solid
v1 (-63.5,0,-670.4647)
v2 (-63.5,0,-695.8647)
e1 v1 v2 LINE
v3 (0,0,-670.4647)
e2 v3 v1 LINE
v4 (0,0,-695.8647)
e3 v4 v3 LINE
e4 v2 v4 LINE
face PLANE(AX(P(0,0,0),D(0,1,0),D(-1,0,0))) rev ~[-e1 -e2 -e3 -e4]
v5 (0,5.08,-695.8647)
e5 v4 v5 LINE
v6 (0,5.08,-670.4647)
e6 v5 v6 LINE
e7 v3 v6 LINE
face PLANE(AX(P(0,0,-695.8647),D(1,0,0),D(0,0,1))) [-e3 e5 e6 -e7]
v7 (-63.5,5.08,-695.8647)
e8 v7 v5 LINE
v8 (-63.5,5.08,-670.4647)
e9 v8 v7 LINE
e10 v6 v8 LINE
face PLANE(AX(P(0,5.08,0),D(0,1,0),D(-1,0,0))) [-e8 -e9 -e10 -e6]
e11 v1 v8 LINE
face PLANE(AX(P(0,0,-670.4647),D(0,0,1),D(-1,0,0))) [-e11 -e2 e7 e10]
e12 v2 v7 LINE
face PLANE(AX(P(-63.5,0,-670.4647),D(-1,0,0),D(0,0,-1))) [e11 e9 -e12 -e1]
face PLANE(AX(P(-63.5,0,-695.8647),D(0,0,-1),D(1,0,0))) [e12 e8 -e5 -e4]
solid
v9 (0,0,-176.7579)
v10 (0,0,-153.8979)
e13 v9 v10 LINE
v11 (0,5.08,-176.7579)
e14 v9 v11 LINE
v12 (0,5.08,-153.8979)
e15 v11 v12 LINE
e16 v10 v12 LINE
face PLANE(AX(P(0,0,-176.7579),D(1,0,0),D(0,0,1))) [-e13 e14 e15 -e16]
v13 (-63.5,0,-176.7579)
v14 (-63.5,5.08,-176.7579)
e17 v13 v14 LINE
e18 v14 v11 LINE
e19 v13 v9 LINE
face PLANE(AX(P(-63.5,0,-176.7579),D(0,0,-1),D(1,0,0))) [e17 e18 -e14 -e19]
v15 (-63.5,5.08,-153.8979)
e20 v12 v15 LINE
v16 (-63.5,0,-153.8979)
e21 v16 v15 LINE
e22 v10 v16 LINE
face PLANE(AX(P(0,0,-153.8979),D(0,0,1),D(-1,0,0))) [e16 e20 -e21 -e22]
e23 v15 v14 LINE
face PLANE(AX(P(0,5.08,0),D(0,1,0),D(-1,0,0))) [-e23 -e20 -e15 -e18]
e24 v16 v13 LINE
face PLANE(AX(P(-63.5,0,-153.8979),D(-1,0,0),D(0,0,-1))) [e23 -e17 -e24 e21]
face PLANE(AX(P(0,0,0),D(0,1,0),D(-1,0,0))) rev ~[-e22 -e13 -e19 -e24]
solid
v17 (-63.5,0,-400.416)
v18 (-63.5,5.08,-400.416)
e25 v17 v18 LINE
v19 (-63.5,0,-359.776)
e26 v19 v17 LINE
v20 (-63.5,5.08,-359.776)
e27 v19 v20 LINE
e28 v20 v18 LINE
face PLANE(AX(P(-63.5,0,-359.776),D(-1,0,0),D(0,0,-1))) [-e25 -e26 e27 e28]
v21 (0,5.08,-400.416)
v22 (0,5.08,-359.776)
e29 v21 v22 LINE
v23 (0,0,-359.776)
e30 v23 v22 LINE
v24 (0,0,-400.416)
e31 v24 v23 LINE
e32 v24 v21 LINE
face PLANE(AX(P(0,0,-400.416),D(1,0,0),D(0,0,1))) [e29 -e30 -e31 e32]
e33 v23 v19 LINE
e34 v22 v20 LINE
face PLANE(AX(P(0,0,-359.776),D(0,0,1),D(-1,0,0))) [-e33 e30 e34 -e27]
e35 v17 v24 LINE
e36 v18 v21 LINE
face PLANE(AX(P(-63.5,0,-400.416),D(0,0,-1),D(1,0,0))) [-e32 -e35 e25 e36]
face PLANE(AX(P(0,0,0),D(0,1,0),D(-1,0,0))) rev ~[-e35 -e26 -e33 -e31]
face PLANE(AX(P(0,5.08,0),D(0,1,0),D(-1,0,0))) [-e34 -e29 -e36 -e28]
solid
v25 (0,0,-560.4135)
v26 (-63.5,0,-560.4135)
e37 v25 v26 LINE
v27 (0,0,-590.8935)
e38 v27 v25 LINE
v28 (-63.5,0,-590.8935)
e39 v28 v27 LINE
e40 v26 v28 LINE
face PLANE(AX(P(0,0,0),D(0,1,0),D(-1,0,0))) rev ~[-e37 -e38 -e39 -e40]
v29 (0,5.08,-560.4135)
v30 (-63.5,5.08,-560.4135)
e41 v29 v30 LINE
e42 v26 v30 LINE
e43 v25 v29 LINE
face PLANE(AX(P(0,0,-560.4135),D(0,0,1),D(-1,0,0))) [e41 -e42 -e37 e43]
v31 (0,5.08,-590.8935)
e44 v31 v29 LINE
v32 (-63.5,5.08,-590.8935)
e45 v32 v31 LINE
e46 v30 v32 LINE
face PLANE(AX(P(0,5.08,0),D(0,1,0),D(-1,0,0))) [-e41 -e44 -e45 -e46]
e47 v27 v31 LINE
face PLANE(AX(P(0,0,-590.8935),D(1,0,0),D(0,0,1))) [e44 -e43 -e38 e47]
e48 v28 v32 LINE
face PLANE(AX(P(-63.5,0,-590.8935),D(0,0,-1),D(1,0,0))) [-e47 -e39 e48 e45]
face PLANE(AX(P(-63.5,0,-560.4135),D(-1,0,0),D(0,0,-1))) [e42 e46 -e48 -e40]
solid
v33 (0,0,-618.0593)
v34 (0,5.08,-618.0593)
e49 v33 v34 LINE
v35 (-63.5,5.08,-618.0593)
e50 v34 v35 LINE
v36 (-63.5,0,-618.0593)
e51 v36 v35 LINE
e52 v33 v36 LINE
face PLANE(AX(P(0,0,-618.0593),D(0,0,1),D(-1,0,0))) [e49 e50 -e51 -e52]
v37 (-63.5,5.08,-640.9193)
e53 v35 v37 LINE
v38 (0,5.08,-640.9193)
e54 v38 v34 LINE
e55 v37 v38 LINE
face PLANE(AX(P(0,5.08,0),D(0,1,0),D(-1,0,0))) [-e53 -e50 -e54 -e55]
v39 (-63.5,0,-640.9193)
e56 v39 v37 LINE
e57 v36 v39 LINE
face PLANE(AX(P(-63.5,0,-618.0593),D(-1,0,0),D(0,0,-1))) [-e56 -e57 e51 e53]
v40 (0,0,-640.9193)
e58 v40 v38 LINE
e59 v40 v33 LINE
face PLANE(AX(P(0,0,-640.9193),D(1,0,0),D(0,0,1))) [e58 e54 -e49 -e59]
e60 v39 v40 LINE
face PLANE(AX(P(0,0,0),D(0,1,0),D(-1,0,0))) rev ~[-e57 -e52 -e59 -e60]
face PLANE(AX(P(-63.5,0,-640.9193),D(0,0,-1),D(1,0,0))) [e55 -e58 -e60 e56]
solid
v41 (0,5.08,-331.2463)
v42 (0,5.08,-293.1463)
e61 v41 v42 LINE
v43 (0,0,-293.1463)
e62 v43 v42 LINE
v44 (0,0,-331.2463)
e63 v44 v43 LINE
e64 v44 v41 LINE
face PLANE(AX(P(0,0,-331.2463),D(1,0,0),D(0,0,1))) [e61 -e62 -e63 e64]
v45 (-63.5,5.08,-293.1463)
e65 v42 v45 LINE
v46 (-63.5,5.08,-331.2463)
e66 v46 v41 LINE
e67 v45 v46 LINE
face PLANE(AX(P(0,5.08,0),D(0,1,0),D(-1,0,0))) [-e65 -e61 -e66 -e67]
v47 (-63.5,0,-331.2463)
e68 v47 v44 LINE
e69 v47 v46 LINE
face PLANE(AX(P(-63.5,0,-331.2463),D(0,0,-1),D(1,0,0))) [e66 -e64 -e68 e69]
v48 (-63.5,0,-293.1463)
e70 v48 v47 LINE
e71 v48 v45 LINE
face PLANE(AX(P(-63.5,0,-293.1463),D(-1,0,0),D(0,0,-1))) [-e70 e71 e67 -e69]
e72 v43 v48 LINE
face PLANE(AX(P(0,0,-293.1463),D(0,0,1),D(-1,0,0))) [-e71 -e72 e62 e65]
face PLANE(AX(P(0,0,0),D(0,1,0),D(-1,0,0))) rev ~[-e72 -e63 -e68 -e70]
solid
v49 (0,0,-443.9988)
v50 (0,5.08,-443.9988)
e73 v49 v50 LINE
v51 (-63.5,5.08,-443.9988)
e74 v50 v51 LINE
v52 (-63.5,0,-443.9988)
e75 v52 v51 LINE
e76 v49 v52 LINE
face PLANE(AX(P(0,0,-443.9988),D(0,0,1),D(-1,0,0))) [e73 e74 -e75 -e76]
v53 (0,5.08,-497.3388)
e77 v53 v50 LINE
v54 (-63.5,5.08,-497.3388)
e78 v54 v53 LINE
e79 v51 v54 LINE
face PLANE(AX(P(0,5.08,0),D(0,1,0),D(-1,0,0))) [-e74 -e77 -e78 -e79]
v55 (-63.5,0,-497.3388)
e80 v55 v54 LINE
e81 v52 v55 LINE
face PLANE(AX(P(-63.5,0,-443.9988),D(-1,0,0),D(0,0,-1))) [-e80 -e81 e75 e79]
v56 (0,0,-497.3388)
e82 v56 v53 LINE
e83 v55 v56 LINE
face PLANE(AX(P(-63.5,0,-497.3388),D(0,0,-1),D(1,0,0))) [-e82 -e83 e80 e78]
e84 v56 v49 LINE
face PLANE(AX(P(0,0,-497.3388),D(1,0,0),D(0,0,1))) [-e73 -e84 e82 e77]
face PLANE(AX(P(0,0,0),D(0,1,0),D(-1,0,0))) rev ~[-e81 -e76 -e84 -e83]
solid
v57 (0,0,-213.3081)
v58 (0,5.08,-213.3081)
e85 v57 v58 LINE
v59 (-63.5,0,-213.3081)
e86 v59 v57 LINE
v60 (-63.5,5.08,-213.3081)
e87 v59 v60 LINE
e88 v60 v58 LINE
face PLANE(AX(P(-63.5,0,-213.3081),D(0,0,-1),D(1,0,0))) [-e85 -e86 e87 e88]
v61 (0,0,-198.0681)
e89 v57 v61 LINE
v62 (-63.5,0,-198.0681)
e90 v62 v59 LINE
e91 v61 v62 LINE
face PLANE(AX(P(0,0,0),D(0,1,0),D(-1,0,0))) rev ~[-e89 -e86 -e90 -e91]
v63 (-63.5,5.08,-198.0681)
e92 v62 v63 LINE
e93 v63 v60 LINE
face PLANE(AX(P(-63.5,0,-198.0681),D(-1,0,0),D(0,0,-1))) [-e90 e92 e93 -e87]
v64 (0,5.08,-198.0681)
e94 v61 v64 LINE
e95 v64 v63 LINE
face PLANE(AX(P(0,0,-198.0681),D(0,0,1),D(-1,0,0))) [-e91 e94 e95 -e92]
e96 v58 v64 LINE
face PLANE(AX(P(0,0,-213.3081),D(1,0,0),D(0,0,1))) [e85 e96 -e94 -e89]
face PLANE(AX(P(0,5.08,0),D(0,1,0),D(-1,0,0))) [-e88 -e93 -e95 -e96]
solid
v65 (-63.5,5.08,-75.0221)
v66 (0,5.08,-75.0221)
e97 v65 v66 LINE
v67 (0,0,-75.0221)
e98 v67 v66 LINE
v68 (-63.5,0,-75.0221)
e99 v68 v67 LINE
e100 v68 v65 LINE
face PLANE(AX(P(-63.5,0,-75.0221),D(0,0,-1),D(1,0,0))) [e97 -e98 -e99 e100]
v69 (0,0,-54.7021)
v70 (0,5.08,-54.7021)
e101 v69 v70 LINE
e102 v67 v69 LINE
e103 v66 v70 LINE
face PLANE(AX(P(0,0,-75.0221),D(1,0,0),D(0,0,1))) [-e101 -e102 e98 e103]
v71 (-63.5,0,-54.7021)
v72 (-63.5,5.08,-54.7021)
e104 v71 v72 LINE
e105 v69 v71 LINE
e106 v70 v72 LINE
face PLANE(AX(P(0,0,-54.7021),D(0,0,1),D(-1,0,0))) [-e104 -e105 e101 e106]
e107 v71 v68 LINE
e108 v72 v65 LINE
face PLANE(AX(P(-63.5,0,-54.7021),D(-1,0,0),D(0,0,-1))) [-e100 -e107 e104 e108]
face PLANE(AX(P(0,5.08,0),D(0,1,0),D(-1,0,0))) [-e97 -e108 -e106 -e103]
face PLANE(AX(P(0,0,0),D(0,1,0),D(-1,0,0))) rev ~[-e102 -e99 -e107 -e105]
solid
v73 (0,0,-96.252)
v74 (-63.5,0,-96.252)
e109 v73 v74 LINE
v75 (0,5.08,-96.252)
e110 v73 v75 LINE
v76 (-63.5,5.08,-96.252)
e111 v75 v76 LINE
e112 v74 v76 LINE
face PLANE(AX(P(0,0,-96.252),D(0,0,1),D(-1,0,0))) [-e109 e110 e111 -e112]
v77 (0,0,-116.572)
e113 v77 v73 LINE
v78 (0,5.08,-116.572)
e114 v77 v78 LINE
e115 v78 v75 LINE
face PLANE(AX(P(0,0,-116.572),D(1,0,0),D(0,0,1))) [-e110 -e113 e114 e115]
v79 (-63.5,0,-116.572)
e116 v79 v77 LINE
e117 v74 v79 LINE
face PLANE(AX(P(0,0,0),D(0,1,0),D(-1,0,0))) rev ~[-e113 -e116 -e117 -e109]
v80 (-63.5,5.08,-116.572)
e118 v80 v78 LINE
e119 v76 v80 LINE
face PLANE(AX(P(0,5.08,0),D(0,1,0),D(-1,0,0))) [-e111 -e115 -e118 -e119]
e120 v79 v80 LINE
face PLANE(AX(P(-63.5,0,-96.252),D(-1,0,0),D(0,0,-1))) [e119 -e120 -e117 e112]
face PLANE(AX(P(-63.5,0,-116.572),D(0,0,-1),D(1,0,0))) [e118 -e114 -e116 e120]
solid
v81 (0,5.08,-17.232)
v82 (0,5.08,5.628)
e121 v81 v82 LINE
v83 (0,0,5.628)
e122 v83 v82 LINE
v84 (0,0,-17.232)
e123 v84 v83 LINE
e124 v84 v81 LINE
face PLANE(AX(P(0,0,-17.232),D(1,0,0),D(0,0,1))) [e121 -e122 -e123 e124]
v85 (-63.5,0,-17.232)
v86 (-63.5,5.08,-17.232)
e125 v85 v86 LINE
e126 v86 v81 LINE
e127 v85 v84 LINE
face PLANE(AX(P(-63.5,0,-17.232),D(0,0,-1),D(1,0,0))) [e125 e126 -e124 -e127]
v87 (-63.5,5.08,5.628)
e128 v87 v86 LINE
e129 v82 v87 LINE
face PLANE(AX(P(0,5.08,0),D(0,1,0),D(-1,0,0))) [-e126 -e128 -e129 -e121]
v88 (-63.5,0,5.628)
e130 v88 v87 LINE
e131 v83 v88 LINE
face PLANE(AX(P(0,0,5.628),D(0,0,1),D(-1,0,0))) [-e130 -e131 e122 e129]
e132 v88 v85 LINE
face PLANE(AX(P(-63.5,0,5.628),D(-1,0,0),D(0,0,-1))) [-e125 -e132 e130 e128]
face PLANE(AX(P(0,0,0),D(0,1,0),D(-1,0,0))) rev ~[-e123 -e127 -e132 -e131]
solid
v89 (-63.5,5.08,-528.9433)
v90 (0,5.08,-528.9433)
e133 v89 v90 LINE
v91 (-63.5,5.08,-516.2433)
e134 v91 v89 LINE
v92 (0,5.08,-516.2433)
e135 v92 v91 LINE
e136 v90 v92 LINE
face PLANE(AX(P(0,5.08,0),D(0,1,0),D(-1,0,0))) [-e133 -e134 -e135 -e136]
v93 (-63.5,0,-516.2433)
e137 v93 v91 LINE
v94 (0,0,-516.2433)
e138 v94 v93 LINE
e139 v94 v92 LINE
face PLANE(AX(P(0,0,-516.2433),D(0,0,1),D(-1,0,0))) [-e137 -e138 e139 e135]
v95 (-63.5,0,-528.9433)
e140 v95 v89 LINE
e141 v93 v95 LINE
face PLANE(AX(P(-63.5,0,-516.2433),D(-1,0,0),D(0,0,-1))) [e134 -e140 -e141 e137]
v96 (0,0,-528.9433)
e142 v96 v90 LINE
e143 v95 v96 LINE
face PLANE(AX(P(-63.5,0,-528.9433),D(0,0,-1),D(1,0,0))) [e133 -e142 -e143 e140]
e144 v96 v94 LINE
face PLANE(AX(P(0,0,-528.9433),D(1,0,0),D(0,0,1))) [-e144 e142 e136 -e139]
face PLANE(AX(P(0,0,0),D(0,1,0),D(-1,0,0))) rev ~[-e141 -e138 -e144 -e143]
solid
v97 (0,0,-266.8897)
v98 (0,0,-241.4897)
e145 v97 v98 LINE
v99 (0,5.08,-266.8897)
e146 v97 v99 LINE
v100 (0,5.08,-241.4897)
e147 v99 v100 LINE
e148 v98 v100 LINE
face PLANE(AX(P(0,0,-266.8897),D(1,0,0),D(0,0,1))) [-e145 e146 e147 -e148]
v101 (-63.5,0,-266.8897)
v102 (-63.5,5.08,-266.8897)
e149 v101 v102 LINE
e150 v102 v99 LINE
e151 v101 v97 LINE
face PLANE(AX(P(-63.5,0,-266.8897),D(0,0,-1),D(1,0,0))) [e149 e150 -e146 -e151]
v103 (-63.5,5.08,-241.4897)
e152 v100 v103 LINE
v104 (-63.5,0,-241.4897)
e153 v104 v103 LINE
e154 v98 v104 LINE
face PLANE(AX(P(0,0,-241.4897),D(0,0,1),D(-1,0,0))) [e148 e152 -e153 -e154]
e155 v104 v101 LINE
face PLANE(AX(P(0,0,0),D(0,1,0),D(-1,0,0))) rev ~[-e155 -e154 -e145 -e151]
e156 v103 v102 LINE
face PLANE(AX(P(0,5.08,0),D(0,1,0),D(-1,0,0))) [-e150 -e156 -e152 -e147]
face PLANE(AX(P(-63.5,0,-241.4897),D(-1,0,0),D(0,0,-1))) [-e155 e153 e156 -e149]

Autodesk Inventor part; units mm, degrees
ref_plane "YZ Plane" through (0, 0, 0) normal (1, 0, 0) x (0, 1, 0)
ref_plane "XZ Plane" through (0, 0, 0) normal (0, 1, 0) x (-1, 0, 0)
ref_plane "XY Plane" through (0, 0, 0) normal (0, 0, 1) x (1, 0, 0)
sketch "Sketch1" plane through (0, 0, 0) normal (0, 1, 0) x (-1, 0, 0)
  line L0 (0, 5.628) -> (63.5, 5.628)
  line L1 (63.5, 5.628) -> (63.5, -17.232)
  line L2 (63.5, -17.232) -> (0, -17.232)
  line L3 (0, -17.232) -> (0, 5.628)
  line L4 (0, -54.7021) -> (63.5, -54.7021)
  line L5 (63.5, -54.7021) -> (63.5, -75.0221)
  line L6 (63.5, -75.0221) -> (0, -75.0221)
  line L7 (0, -75.0221) -> (0, -54.7021)
  line L8 (0, -96.252) -> (63.5, -96.252)
  line L9 (63.5, -96.252) -> (63.5, -116.572)
  line L10 (63.5, -116.572) -> (0, -116.572)
  line L11 (0, -116.572) -> (0, -96.252)
  line L12 (0, -153.8979) -> (63.5, -153.8979)
  line L13 (63.5, -153.8979) -> (63.5, -176.7579)
  line L14 (63.5, -176.7579) -> (0, -176.7579)
  line L15 (0, -176.7579) -> (0, -153.8979)
  line L16 (0, -198.0681) -> (63.5, -198.0681)
  line L17 (63.5, -198.0681) -> (63.5, -213.3081)
  line L18 (63.5, -213.3081) -> (0, -213.3081)
  line L19 (0, -213.3081) -> (0, -198.0681)
  line L20 (0, -241.4897) -> (63.5, -241.4897)
  line L21 (63.5, -241.4897) -> (63.5, -266.8897)
  line L22 (63.5, -266.8897) -> (0, -266.8897)
  line L23 (0, -266.8897) -> (0, -241.4897)
  line L24 (0, -293.1463) -> (63.5, -293.1463)
  line L25 (63.5, -293.1463) -> (63.5, -331.2463)
  line L26 (63.5, -331.2463) -> (0, -331.2463)
  line L27 (0, -331.2463) -> (0, -293.1463)
  line L28 (0, -359.776) -> (63.5, -359.776)
  line L29 (63.5, -359.776) -> (63.5, -400.416)
  line L30 (63.5, -400.416) -> (0, -400.416)
  line L31 (0, -400.416) -> (0, -359.776)
  line L32 (0, -443.9988) -> (63.5, -443.9988)
  line L33 (63.5, -443.9988) -> (63.5, -497.3388)
  line L34 (63.5, -497.3388) -> (0, -497.3388)
  line L35 (0, -497.3388) -> (0, -443.9988)
  line L36 (0, -516.2433) -> (63.5, -516.2433)
  line L37 (63.5, -516.2433) -> (63.5, -528.9433)
  line L38 (63.5, -528.9433) -> (0, -528.9433)
  line L39 (0, -528.9433) -> (0, -516.2433)
  line L40 (0, -560.4135) -> (63.5, -560.4135)
  line L41 (63.5, -560.4135) -> (63.5, -590.8935)
  line L42 (63.5, -590.8935) -> (0, -590.8935)
  line L43 (0, -590.8935) -> (0, -560.4135)
  line L44 (0, -618.0593) -> (63.5, -618.0593)
  line L45 (63.5, -618.0593) -> (63.5, -640.9193)
  line L46 (63.5, -640.9193) -> (0, -640.9193)
  line L47 (0, -640.9193) -> (0, -618.0593)
  line L48 (0, -670.4647) -> (63.5, -670.4647)
  line L49 (63.5, -670.4647) -> (63.5, -695.8647)
  line L50 (63.5, -695.8647) -> (0, -695.8647)
  line L51 (0, -695.8647) -> (0, -670.4647)
  point P0 (0, 0)
  dimension "d0" = 63.5
  dimension "d1" = 22.86
  dimension "d2" = 20.32
  dimension "d3" = 20.32
  dimension "d4" = 63.5
  dimension "d5" = 22.86
  dimension "d6" = 15.24
  dimension "d7" = 63.5
  dimension "d8" = 25.4
  dimension "d9" = 63.5
  dimension "d10" = 38.1
  dimension "d11" = 63.5
  dimension "d12" = 40.64
  dimension "d13" = 63.5
  dimension "d14" = 53.34
  dimension "d15" = 12.7
  dimension "d16" = 30.48
  dimension "d17" = 22.86
  dimension "d18" = 63.5
  dimension "d19" = 25.4
extrude "Extrusion1" add sketch "Sketch1" along normal blind 5.08
properties part number "1st floor interior wall print out.pdf"
